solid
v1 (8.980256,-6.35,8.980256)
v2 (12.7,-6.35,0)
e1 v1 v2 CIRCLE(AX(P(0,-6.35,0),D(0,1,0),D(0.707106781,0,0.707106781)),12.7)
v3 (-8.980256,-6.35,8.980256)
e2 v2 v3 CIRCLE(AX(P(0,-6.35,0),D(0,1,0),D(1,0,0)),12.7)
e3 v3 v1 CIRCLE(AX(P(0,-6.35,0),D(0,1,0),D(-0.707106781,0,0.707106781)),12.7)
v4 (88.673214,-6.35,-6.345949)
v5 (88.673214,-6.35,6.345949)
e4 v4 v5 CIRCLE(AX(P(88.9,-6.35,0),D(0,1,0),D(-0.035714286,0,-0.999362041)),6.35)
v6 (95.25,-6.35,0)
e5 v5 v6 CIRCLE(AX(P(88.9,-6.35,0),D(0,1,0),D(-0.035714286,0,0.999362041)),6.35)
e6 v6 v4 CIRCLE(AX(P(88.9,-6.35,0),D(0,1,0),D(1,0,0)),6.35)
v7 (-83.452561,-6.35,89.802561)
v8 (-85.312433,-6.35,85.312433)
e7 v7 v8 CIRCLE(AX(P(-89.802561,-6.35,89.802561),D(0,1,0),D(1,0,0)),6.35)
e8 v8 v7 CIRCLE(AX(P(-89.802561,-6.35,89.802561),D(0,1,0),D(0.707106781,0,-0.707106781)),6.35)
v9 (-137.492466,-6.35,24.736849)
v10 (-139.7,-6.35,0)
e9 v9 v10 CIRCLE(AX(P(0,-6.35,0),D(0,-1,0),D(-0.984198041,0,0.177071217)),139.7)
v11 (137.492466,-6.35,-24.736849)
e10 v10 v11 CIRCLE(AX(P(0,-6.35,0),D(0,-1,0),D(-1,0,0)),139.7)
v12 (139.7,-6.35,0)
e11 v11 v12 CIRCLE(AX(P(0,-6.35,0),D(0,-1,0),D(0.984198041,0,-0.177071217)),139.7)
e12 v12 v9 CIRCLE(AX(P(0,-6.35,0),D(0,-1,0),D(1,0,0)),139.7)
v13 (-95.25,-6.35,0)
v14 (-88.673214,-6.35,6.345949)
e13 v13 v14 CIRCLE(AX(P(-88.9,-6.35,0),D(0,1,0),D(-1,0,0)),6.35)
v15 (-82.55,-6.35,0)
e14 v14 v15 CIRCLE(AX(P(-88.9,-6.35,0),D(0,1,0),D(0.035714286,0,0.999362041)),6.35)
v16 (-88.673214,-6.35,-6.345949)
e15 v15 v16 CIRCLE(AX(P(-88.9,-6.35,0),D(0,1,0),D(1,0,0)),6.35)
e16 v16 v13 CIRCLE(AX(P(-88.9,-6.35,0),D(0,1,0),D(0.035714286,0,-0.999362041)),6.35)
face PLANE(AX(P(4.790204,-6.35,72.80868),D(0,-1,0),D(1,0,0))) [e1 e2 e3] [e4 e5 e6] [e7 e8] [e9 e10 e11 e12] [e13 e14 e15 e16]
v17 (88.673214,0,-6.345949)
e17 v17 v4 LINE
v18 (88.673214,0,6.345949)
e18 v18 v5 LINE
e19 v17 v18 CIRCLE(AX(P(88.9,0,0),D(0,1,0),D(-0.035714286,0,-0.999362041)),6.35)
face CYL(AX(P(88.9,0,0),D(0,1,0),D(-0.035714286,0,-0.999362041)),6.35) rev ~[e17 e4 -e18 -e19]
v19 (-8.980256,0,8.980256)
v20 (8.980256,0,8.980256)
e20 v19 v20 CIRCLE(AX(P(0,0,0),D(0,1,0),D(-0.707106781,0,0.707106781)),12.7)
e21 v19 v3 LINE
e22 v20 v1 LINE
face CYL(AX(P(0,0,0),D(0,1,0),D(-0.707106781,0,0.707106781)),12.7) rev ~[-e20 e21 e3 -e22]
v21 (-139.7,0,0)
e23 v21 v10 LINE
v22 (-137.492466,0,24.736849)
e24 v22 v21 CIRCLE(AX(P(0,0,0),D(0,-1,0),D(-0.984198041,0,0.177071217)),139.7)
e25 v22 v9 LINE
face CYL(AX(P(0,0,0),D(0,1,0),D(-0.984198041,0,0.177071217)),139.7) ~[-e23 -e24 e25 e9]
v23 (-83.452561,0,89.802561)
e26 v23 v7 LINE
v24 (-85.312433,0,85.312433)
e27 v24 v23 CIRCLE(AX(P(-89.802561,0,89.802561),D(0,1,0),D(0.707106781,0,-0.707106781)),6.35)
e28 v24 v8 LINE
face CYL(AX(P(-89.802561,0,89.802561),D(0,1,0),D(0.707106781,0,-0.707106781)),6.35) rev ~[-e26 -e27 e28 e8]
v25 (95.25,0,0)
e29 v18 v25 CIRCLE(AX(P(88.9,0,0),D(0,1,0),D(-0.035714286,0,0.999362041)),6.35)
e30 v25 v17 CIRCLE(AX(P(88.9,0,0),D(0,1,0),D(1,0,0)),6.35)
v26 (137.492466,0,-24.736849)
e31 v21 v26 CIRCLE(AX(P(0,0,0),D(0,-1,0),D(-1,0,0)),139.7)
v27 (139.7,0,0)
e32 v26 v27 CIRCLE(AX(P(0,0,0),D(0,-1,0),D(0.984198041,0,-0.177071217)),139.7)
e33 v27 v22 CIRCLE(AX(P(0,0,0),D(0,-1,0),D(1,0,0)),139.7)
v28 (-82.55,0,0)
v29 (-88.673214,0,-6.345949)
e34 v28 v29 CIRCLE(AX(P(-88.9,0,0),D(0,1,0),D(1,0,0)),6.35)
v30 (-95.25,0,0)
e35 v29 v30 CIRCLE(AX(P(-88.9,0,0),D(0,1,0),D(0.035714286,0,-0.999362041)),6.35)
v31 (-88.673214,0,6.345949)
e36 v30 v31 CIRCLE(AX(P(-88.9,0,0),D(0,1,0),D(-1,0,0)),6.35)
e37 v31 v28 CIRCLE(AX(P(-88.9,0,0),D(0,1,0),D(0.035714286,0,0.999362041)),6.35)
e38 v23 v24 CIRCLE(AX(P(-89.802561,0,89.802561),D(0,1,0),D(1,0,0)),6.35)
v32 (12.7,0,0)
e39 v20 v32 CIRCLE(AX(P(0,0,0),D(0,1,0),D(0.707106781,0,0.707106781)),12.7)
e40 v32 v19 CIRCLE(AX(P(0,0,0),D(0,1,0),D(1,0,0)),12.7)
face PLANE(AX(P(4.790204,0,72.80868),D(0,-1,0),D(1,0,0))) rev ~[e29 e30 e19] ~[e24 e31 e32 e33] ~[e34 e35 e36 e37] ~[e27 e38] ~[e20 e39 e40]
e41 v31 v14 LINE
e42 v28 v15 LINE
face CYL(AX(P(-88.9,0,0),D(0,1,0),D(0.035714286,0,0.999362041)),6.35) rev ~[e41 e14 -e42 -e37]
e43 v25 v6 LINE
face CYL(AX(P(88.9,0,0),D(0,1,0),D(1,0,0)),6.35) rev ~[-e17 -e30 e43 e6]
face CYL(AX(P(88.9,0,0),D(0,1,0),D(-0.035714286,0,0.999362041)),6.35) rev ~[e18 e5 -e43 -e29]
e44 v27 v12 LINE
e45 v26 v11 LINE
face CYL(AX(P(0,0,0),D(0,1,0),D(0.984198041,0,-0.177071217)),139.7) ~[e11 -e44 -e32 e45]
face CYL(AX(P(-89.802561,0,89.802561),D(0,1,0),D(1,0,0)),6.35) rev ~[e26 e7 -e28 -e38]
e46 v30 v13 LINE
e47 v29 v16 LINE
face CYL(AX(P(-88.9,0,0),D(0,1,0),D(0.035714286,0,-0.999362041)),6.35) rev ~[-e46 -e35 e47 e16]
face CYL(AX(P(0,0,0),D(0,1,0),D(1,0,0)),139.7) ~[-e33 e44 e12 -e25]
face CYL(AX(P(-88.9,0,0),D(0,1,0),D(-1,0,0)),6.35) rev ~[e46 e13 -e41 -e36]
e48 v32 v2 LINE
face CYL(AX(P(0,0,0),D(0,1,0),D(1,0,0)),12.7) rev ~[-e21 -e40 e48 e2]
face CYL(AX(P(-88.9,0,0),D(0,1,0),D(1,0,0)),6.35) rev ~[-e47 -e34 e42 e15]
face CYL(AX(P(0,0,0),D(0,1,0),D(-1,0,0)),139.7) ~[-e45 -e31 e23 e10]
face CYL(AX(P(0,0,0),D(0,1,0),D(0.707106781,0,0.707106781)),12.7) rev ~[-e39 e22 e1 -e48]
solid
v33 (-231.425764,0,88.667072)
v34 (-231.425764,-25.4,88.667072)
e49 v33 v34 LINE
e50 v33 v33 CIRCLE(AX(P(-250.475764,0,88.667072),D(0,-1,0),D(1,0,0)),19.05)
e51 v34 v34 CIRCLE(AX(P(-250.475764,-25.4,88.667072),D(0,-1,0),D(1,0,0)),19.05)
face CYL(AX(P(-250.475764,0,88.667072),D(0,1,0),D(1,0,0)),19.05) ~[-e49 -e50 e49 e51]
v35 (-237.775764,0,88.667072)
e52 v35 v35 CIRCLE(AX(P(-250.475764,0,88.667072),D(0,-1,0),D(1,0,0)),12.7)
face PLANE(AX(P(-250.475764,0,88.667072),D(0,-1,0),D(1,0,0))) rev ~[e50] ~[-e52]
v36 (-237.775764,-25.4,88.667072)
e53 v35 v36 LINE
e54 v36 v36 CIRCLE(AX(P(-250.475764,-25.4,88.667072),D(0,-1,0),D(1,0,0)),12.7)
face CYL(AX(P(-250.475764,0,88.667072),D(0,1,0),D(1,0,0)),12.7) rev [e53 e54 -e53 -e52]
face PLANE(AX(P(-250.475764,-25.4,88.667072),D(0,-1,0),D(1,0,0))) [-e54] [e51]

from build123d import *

# Parameters (mm, degrees)
F2_DEPTH = 6.35
F3_R     = 19.05
F3_R_2   = 12.7
F4_DEPTH = 25.4


with BuildPart() as f2:
    # F0 (on Front) → F2 (new body)
    with BuildSketch(Plane.XZ):
        with BuildLine():
            ThreePointArc((62.8617928475, 62.8617928475), (80.8654731589, 36.9321709461), (88.6732142857, 6.3459489629))
            ThreePointArc((88.6732142857, 6.3459489629), (93.3092182252, 4.5696055238), (95.25, 0))
            Line((95.25, 0), (139.7, 0))
            ThreePointArc((139.7, 0), (12.4175773144, 139.1470221515), (-137.492466337, 24.7368490427))
            Line((-137.492466337, 24.7368490427), (-68.1350364964, 57.103649635))
            ThreePointArc((-68.1350364964, 57.103649635), (-65.5616608838, 60.0406414202), (-62.8617928475, 62.8617928475))
            Line((-62.8617928475, 62.8617928475), (-85.3124331502, 85.3124331502))
            ThreePointArc((-85.3124331502, 85.3124331502), (-95.6691962421, 92.2326010062), (-83.4525612107, 89.8025612107))
            Line((-83.4525612107, 89.8025612107), (89.8025612107, 89.8025612107))
            Line((89.8025612107, 89.8025612107), (62.8617928475, 62.8617928475))
        make_face()
        with BuildLine():
            Line((-68.1350364964, 57.103649635), (-137.492466337, 24.7368490427))
            ThreePointArc((-137.492466337, 24.7368490427), (-139.1470221515, 12.4175773144), (-139.7, 0))
            Line((-139.7, 0), (-95.25, 0))
            ThreePointArc((-95.25, 0), (-93.3092182252, 4.5696055238), (-88.6732142857, 6.3459489629))
            ThreePointArc((-88.6732142857, 6.3459489629), (-82.4093011905, 33.3454206344), (-68.1350364964, 57.103649635))
        make_face()
        with BuildLine():
            Line((137.492466337, -24.7368490427), (68.1350364964, -57.103649635))
            ThreePointArc((68.1350364964, -57.103649635), (37.5945178679, -80.5596811456), (0, -88.9))
            ThreePointArc((0, -88.9), (-60.576625596, -65.0667536565), (-88.6732142857, -6.3459489629))
            ThreePointArc((-88.6732142857, -6.3459489629), (-93.3092182252, -4.5696055238), (-95.25, 0))
            Line((-95.25, 0), (-139.7, 0))
            ThreePointArc((-139.7, 0), (-12.4175773144, -139.1470221515), (137.492466337, -24.7368490427))
        make_face()
        with BuildLine():
            ThreePointArc((88.6732142857, -6.3459489629), (82.55, 0), (88.6732142857, 6.3459489629))
            ThreePointArc((88.6732142857, 6.3459489629), (80.8654731589, 36.9321709461), (62.8617928475, 62.8617928475))
            Line((62.8617928475, 62.8617928475), (8.9802561211, 8.9802561211))
            ThreePointArc((8.9802561211, 8.9802561211), (11.7332700629, 4.860079591), (12.7, 0))
            ThreePointArc((12.7, 0), (-4.860079591, -11.7332700629), (-8.9802561211, 8.9802561211))
            Line((-8.9802561211, 8.9802561211), (-60.6136363636, 60.6136363636))
            Line((-60.6136363636, 60.6136363636), (-68.1350364964, 57.103649635))
            ThreePointArc((-68.1350364964, 57.103649635), (-82.4093011905, 33.3454206344), (-88.6732142857, 6.3459489629))
            ThreePointArc((-88.6732142857, 6.3459489629), (-84.3303944762, 4.4092182252), (-82.55, 0))
            ThreePointArc((-82.55, 0), (-84.3303944762, -4.4092182252), (-88.6732142857, -6.3459489629))
            ThreePointArc((-88.6732142857, -6.3459489629), (-60.576625596, -65.0667536565), (0, -88.9))
            Line((0, -88.9), (68.1350364964, -57.103649635))
            ThreePointArc((68.1350364964, -57.103649635), (82.4093011905, -33.3454206344), (88.6732142857, -6.3459489629))
        make_face()
        with BuildLine():
            ThreePointArc((0, 88.9), (34.0205571373, 82.1328904403), (62.8617928475, 62.8617928475))
            Line((62.8617928475, 62.8617928475), (89.8025612107, 89.8025612107))
            Line((89.8025612107, 89.8025612107), (-83.4525612107, 89.8025612107))
            ThreePointArc((-83.4525612107, 89.8025612107), (-83.9359261792, 87.3725214152), (-85.3124331502, 85.3124331502))
            Line((-85.3124331502, 85.3124331502), (-62.8617928475, 62.8617928475))
            ThreePointArc((-62.8617928475, 62.8617928475), (-34.0205571373, 82.1328904403), (0, 88.9))
        make_face()
        with BuildLine():
            ThreePointArc((95.25, 0), (93.3092182252, -4.5696055238), (88.6732142857, -6.3459489629))
            ThreePointArc((88.6732142857, -6.3459489629), (82.4093011905, -33.3454206344), (68.1350364964, -57.103649635))
            Line((68.1350364964, -57.103649635), (137.492466337, -24.7368490427))
            ThreePointArc((137.492466337, -24.7368490427), (139.1470221515, -12.4175773144), (139.7, 0))
            Line((139.7, 0), (95.25, 0))
        make_face()
        with BuildLine():
            ThreePointArc((0, -88.9), (37.5945178679, -80.5596811456), (68.1350364964, -57.103649635))
            Line((68.1350364964, -57.103649635), (0, -88.9))
        make_face()
        with BuildLine():
            Line((8.9802561211, 8.9802561211), (62.8617928475, 62.8617928475))
            ThreePointArc((62.8617928475, 62.8617928475), (34.0205571373, 82.1328904403), (0, 88.9))
            Line((0, 88.9), (-60.6136363636, 60.6136363636))
            Line((-60.6136363636, 60.6136363636), (-8.9802561211, 8.9802561211))
            ThreePointArc((-8.9802561211, 8.9802561211), (0, 12.7), (8.9802561211, 8.9802561211))
        make_face()
        with BuildLine():
            Line((-60.6136363636, 60.6136363636), (0, 88.9))
            ThreePointArc((0, 88.9), (-34.0205571373, 82.1328904403), (-62.8617928475, 62.8617928475))
            Line((-62.8617928475, 62.8617928475), (-60.6136363636, 60.6136363636))
        make_face()
        with BuildLine():
            Line((-60.6136363636, 60.6136363636), (-62.8617928475, 62.8617928475))
            ThreePointArc((-62.8617928475, 62.8617928475), (-65.5616608838, 60.0406414202), (-68.1350364964, 57.103649635))
            Line((-68.1350364964, 57.103649635), (-60.6136363636, 60.6136363636))
        make_face()
    extrude(amount=F2_DEPTH)


with BuildPart() as f4:
    # F3 (on Front) → F4 (new body)
    with BuildSketch(Plane.XZ):
        with Locations((-250.4757642746, 88.6670723557)):
            Circle(F3_R)
        with Locations((-250.4757642746, 88.6670723557)):
            Circle(F3_R_2, mode=Mode.SUBTRACT)
    extrude(amount=F4_DEPTH)


solid = Compound([f2.part, f4.part])
